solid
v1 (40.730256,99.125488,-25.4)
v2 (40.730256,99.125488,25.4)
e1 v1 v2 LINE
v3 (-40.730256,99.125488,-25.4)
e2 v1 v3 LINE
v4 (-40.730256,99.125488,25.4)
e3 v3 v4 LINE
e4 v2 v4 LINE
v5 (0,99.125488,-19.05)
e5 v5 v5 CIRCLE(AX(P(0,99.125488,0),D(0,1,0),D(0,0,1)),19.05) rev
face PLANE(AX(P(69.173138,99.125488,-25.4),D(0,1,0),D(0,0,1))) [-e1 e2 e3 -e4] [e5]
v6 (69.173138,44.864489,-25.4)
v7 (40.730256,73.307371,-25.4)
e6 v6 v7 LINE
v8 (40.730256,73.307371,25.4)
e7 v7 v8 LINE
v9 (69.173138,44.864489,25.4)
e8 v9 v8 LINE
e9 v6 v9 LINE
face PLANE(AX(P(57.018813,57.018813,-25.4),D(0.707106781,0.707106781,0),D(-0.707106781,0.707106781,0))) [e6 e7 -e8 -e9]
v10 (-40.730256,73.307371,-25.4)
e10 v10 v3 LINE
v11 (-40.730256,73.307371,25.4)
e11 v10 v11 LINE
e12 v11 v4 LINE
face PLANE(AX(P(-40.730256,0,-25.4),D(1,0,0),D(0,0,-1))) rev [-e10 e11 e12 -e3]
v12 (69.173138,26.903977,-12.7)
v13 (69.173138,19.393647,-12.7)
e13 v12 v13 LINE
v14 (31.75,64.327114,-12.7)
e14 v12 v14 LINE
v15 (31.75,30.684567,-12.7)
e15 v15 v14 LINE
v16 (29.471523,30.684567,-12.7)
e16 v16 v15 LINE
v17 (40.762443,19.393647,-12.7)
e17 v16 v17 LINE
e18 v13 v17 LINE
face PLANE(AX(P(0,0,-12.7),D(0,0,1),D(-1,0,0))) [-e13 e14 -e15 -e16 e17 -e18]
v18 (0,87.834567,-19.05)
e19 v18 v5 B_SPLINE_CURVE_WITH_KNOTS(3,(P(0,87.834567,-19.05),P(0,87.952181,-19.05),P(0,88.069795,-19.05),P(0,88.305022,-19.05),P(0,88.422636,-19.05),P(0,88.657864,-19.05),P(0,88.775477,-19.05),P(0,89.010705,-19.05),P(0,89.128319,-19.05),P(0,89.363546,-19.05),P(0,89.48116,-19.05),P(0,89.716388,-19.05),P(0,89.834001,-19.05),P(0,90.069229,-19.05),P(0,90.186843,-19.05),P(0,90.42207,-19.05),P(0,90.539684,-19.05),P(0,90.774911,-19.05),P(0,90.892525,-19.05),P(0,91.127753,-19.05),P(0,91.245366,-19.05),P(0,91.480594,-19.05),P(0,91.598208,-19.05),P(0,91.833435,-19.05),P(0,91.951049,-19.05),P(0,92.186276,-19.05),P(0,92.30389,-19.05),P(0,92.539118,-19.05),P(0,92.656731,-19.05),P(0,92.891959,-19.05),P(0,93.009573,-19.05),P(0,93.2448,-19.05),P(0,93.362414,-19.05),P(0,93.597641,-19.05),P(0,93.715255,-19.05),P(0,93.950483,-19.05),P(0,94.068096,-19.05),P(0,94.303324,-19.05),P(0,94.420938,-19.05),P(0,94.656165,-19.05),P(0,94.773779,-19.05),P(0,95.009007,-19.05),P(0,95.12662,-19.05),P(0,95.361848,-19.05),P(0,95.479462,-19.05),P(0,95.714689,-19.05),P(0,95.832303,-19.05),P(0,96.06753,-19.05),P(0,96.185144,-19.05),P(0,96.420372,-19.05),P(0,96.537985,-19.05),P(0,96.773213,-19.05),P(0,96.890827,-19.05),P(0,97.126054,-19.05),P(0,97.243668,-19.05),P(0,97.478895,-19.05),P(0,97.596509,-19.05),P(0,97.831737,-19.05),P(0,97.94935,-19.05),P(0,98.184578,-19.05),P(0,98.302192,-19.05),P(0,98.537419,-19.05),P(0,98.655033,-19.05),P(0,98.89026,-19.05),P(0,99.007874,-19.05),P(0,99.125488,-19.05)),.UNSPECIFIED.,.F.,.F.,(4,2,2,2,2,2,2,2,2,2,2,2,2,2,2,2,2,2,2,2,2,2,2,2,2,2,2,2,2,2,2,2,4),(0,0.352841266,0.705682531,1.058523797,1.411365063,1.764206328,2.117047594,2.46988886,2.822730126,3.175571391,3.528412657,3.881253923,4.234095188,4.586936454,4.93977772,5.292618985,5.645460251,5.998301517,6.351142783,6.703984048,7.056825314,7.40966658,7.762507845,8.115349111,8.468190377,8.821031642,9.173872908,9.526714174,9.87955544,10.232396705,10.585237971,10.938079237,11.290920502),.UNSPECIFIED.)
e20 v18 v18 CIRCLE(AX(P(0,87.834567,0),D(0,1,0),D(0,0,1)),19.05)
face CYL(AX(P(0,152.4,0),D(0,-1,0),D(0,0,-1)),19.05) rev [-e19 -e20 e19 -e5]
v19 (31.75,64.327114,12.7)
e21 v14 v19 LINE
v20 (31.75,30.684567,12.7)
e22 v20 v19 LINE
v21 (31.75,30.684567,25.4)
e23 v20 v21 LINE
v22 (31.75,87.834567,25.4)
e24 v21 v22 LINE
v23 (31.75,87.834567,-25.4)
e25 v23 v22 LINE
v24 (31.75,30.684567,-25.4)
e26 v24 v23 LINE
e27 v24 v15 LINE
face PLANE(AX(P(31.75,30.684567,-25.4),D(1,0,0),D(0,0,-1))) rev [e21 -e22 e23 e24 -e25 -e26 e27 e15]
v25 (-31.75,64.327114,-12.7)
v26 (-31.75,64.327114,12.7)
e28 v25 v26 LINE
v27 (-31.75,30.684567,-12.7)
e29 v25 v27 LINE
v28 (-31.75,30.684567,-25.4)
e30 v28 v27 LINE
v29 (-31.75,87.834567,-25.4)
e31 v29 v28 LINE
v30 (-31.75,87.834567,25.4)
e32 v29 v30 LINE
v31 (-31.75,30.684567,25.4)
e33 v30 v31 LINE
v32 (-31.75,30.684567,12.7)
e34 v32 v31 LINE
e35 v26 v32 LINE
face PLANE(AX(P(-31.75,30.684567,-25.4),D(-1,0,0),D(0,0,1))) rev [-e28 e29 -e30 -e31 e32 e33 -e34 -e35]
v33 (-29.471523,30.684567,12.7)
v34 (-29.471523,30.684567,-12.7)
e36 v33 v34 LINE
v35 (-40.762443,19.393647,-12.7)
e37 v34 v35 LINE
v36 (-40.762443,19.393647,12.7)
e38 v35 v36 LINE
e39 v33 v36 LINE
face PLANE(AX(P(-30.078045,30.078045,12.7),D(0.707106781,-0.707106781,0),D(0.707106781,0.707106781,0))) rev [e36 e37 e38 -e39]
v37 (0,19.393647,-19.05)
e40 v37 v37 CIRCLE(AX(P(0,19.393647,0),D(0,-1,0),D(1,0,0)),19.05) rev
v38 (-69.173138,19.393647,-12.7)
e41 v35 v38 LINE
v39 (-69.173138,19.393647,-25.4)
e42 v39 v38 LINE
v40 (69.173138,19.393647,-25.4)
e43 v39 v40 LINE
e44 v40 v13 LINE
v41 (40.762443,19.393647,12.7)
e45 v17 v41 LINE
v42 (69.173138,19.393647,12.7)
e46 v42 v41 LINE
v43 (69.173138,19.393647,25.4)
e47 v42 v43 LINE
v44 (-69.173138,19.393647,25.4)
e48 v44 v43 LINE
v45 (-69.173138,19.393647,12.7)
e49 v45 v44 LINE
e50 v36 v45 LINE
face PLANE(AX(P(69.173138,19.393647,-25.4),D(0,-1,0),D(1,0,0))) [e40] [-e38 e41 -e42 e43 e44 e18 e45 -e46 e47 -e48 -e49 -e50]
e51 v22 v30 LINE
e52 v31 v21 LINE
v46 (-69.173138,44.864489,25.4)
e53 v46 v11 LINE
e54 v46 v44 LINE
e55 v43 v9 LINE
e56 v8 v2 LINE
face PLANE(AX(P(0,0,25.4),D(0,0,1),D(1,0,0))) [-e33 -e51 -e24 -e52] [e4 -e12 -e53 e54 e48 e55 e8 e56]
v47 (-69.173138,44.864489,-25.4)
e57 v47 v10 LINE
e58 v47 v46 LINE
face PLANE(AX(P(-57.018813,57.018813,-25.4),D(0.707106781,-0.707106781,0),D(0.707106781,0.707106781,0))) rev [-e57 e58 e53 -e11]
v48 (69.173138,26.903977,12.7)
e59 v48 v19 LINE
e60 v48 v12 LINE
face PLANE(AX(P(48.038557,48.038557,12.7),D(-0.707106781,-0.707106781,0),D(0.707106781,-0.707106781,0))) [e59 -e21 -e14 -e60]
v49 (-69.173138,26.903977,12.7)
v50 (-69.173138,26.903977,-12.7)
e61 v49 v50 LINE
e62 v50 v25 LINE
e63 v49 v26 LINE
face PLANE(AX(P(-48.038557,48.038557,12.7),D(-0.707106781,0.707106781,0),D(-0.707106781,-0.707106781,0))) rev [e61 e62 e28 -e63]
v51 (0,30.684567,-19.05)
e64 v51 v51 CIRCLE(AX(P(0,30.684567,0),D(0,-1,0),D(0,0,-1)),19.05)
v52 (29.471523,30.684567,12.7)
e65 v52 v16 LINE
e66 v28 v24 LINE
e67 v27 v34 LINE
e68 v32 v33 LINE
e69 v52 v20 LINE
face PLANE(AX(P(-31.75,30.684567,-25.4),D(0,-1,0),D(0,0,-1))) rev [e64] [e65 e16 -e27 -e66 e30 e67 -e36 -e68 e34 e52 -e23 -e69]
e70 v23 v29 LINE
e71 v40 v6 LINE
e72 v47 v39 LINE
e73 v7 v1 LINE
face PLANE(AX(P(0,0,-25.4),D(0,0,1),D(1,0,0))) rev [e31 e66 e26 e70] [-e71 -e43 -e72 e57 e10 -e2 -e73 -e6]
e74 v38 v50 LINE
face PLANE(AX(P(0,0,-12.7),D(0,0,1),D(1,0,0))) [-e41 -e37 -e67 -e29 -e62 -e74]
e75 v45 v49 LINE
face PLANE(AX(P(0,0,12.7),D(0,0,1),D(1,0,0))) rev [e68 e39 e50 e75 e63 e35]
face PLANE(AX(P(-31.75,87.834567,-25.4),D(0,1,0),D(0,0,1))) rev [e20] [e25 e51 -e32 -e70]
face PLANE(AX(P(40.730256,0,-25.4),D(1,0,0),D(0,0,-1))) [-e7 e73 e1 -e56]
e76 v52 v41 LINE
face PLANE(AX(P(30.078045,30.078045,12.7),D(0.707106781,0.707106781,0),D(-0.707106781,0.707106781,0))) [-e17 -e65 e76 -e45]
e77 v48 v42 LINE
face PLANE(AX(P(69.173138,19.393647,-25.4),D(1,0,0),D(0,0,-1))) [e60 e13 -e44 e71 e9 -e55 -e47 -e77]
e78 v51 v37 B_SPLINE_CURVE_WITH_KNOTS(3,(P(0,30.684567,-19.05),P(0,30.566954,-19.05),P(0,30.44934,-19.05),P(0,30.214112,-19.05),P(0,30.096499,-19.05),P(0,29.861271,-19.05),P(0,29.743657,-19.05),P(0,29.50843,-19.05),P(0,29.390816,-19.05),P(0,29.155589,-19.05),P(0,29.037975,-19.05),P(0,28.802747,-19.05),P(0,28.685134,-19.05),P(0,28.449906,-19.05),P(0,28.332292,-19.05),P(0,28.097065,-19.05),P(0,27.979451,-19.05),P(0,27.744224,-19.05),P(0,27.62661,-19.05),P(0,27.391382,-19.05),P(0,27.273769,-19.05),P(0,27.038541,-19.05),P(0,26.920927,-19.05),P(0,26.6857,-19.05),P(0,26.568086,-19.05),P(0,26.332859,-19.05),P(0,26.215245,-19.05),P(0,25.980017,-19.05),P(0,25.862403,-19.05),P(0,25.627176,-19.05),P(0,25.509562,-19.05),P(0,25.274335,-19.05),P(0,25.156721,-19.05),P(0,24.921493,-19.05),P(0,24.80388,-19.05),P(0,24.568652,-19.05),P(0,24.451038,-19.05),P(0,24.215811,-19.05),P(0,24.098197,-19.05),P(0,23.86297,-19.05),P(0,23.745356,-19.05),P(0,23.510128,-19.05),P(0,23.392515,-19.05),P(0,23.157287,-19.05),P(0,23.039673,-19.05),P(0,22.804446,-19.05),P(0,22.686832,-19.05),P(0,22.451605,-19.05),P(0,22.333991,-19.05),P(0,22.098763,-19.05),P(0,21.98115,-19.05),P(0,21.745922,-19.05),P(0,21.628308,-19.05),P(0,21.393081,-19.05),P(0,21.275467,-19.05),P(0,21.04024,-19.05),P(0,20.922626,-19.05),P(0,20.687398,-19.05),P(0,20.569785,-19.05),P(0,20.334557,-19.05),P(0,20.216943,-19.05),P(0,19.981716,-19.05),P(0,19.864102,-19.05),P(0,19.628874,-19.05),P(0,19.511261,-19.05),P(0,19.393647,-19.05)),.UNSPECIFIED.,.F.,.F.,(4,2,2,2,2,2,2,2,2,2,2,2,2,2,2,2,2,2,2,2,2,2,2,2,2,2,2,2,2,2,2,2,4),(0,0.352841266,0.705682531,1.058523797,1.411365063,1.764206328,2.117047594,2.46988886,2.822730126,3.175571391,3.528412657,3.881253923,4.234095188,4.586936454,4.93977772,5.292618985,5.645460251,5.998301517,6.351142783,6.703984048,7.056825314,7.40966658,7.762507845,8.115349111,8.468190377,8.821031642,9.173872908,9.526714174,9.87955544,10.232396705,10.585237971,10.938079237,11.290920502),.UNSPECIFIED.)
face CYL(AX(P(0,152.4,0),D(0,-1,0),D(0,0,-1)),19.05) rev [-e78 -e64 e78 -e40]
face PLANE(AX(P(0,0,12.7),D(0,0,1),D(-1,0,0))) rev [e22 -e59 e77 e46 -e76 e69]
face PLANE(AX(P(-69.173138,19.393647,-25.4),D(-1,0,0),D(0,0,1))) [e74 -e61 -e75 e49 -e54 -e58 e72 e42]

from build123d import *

# Parameters (mm, degrees)
SKETCH2_R           = 19.05
BOSS_EXTRUDE1_DEPTH = 152.4
BOSS_EXTRUDE2_DEPTH = 12.7
SKETCH4_W           = 138.346275672
SKETCH4_H           = 79.731841005
BOSS_EXTRUDE3_DEPTH = 50.8
SKETCH5_W           = 63.5
SKETCH5_H           = 57.15
CUT_EXTRUDE1_DEPTH  = 132.116075905
CUT_EXTRUDE2_DEPTH  = 132.116075905


with BuildPart() as part:
    # Sketch2 → Boss-Extrude1 (new body)
    with BuildSketch(Plane(origin=(0, 0, 0), x_dir=(1, 0, 0), z_dir=(0, 1, 0))):
        Circle(SKETCH2_R)
    extrude(amount=BOSS_EXTRUDE1_DEPTH)

    # Sketch3 → Boss-Extrude2 (add, symmetric)
    with BuildSketch(Plane.XY):
        Polygon((11.93183673, 72.08792673), (-6.028675512, 90.048438972), (-427.750314484, -331.6732), (-391.82929, -331.6732), align=None)
    boss_extrude2 = extrude(amount=BOSS_EXTRUDE2_DEPTH, both=True)

    # Mirror1: Boss-Extrude2 across plane
    add(boss_extrude2.mirror(Plane(origin=(0, 0, 0), x_dir=(0, 0, 1), z_dir=(1, 0, 0))))


with BuildPart() as body_2:
    # Sketch4 → Boss-Extrude3 (new body)
    with BuildSketch(Plane.XY.offset(25.4)):
        with Locations((0, 59.259567455)):
            Rectangle(SKETCH4_W, SKETCH4_H)
    extrude(amount=-BOSS_EXTRUDE3_DEPTH)

    # Combine1: cut part
    add(part.part, mode=Mode.SUBTRACT)

    # Sketch5 → Cut-Extrude1 (cut, through all)
    with BuildSketch(Plane.XY.offset(25.4)):
        with Locations((0, 59.259567454)):
            Rectangle(SKETCH5_W, SKETCH5_H)
    extrude(amount=-CUT_EXTRUDE1_DEPTH, mode=Mode.SUBTRACT)

    # Sketch6 → Cut-Extrude2 (cut, through all)
    with BuildSketch(Plane.XY.offset(25.4)):
        Polygon((-69.173137836, 99.125487957), (-69.173137836, 44.864488891), (-40.730256121, 73.307370605), (-40.730256121, 99.125487957), align=None)
    cut_extrude2 = extrude(amount=-CUT_EXTRUDE2_DEPTH, mode=Mode.SUBTRACT)

    # Mirror2: Cut-Extrude2 across plane
    add(cut_extrude2.mirror(Plane(origin=(0, 0, 0), x_dir=(0, 0, 1), z_dir=(1, 0, 0))), mode=Mode.SUBTRACT)


solid = body_2.part
